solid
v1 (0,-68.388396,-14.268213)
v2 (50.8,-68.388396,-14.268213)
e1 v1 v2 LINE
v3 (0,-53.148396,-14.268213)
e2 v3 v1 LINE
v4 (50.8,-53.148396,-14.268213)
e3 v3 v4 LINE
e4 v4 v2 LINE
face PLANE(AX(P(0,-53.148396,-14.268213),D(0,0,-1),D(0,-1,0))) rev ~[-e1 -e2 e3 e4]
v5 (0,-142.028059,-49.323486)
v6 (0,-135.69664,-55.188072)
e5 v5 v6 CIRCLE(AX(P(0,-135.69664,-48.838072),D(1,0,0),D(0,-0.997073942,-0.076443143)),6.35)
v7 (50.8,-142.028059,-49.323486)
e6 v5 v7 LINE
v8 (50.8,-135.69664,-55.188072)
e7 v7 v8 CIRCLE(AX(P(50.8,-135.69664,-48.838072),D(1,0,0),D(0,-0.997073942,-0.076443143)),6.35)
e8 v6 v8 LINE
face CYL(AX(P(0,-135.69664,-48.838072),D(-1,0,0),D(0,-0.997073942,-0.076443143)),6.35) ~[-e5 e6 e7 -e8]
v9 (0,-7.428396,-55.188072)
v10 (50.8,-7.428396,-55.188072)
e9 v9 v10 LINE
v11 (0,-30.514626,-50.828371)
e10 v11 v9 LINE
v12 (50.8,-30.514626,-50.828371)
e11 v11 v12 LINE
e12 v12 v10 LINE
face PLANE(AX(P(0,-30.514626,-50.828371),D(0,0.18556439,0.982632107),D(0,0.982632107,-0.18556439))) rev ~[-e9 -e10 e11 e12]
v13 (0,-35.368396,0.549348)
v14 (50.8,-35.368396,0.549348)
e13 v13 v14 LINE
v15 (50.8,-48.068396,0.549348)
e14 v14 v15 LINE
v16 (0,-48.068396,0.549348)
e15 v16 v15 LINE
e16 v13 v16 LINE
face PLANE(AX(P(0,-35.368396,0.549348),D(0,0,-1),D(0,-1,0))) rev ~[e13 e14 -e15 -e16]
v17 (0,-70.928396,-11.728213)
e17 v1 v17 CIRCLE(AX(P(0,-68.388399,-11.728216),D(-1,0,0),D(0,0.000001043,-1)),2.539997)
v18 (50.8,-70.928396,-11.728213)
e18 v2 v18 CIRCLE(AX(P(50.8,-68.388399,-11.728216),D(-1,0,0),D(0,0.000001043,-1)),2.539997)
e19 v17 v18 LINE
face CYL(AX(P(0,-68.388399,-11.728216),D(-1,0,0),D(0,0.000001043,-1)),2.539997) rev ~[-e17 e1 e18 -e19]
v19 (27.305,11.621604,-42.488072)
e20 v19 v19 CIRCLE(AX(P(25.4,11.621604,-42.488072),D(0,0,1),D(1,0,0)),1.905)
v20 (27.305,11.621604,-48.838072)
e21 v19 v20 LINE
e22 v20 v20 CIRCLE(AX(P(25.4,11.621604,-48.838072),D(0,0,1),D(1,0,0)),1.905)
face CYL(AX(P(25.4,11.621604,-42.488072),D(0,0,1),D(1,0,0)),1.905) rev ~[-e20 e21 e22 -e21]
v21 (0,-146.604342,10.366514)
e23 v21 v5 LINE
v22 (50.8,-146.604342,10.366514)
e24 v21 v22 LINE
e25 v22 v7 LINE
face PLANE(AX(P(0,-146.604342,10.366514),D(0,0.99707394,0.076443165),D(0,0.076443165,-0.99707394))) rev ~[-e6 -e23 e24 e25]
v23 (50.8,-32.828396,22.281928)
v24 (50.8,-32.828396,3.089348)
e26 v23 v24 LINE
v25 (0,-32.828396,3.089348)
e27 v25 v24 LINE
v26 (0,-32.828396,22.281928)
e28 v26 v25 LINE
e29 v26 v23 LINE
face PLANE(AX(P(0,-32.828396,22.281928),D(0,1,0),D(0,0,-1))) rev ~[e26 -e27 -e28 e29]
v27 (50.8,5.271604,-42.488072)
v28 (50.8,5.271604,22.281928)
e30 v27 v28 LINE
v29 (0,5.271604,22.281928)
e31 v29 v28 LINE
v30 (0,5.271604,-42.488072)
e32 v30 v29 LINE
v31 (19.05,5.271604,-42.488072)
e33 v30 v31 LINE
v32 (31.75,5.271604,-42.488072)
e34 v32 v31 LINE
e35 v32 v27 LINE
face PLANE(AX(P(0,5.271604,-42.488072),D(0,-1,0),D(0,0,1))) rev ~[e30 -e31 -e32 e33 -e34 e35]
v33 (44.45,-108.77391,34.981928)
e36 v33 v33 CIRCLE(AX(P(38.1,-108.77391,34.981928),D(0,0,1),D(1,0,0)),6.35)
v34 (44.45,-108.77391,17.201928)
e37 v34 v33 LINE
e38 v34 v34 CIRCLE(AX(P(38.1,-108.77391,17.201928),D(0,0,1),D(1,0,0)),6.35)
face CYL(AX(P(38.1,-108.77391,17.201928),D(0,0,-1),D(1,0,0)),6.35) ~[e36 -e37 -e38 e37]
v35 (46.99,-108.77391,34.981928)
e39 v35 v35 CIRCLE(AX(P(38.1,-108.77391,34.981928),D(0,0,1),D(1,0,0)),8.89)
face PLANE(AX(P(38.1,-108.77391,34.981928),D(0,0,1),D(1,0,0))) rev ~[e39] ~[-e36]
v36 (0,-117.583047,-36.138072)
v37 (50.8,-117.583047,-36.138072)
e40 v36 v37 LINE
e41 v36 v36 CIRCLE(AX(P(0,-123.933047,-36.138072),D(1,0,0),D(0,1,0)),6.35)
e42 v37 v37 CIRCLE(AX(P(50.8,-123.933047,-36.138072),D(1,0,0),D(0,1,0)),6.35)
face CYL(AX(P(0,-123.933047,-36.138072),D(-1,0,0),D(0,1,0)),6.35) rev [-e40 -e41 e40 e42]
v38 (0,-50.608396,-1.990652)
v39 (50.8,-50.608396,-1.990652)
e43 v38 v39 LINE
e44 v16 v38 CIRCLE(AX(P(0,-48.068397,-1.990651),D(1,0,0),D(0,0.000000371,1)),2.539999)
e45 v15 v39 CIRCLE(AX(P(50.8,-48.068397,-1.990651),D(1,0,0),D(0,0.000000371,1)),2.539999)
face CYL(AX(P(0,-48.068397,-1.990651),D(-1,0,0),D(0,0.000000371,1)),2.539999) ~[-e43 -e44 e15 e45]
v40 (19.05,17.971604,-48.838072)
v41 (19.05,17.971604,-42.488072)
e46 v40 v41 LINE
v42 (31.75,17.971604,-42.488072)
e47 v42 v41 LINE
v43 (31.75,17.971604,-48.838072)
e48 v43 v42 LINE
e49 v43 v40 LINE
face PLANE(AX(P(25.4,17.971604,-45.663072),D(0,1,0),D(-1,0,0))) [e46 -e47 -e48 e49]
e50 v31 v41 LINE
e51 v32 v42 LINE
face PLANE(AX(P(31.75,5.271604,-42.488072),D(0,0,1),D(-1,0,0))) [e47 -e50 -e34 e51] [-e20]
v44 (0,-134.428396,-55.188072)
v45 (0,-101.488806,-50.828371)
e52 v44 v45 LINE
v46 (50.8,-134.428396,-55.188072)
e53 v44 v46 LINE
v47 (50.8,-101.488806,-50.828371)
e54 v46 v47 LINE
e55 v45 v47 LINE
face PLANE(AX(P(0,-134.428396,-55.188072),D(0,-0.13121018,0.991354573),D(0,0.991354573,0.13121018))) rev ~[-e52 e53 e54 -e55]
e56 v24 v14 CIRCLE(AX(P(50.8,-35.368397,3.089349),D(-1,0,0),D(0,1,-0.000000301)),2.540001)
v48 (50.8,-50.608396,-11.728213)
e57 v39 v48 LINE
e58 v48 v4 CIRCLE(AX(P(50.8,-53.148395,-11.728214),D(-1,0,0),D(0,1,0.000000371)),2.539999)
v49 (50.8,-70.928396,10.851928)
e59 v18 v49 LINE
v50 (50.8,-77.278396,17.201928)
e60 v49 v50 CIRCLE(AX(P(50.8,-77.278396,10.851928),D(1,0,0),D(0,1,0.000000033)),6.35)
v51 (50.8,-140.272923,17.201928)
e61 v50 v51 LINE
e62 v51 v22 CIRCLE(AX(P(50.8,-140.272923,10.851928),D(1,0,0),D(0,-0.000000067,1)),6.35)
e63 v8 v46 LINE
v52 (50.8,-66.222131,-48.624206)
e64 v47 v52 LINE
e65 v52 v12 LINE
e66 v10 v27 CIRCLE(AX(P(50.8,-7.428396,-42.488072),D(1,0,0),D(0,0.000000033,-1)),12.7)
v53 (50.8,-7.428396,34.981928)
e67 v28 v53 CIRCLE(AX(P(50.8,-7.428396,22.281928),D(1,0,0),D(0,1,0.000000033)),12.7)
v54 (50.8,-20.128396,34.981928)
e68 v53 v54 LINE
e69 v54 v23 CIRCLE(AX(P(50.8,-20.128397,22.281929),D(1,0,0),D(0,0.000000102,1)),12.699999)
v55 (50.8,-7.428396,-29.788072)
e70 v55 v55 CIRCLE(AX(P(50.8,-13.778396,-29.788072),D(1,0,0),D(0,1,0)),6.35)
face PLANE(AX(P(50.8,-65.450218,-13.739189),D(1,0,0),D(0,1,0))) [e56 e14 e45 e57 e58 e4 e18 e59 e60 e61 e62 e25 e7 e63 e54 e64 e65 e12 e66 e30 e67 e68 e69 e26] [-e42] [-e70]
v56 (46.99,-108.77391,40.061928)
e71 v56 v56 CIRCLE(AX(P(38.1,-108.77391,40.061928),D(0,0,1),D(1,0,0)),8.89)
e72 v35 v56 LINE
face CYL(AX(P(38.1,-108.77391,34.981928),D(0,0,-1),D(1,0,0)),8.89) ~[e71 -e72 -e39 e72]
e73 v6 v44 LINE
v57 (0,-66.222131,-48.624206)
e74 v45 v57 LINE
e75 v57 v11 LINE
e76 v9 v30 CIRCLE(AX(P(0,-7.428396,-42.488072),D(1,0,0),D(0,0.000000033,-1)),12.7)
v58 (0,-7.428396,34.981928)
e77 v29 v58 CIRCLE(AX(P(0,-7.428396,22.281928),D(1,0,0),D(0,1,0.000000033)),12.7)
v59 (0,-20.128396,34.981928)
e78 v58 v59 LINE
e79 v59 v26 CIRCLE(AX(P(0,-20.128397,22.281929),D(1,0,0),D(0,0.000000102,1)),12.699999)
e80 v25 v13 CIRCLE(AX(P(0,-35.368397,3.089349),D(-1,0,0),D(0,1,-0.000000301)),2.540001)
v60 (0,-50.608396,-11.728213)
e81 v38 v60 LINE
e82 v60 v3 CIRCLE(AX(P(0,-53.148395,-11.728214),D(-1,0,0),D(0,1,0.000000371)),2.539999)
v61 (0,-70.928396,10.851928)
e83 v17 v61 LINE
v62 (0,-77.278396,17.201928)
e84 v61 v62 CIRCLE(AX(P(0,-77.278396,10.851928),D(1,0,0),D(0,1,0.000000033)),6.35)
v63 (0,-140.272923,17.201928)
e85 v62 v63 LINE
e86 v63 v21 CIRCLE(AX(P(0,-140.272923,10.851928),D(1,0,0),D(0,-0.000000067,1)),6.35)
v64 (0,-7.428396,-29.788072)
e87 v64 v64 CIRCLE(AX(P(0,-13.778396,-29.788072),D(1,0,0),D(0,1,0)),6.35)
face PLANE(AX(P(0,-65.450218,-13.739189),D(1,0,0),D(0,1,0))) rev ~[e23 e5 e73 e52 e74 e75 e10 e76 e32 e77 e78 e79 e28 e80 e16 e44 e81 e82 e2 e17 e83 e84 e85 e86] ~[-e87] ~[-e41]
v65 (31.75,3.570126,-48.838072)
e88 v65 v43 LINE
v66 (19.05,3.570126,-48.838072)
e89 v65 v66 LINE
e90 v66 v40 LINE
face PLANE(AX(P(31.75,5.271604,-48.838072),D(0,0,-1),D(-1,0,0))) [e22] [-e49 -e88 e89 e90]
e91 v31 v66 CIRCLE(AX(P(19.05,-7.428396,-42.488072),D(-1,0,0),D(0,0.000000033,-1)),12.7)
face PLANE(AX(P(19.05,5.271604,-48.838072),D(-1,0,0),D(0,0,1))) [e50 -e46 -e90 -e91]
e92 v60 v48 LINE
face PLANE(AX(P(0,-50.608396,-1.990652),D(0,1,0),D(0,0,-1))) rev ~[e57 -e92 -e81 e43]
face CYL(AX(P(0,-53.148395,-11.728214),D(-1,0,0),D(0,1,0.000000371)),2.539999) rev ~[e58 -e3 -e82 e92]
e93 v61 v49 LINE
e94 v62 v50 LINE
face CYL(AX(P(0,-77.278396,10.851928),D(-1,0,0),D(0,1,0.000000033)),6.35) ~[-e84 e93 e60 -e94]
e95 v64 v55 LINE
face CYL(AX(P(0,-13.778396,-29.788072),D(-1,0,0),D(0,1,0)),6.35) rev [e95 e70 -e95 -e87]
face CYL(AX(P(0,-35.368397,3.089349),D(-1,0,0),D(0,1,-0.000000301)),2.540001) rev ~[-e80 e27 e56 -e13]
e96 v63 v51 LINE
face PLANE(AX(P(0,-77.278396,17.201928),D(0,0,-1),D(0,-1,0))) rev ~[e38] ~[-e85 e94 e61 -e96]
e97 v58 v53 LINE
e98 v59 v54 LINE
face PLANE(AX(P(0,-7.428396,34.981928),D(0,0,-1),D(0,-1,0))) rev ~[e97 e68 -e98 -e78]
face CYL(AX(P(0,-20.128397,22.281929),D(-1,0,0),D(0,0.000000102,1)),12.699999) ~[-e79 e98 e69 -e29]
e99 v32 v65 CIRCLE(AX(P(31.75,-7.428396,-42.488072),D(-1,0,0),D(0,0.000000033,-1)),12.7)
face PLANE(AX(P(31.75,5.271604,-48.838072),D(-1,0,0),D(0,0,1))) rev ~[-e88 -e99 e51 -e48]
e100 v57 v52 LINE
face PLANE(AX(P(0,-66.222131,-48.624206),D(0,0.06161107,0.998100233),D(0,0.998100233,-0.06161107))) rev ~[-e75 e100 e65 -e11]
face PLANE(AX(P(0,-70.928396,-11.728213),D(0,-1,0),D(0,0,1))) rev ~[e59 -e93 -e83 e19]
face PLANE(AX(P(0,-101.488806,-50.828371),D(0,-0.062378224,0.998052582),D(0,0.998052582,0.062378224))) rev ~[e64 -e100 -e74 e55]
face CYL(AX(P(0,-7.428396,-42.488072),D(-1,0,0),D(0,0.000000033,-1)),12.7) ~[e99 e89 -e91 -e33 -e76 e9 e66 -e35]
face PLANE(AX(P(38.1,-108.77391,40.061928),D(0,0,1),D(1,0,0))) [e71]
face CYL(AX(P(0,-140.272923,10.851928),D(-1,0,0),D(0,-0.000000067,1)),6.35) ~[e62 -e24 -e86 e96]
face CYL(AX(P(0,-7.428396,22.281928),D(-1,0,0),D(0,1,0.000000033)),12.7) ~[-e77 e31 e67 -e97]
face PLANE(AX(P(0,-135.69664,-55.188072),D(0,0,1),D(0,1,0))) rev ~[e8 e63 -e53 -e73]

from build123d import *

# Parameters (mm, degrees)
F0_R          = 6.35
F1_DEPTH      = 50.8
F2_R          = 6.35
F3_DEPTH      = 17.78
F4_R          = 8.89
F4_R_2        = 6.35
F5_DEPTH      = 5.08
F6_W          = 12.7
F6_H          = 6.35
F7_DEPTH      = 12.7
F7_DEPTH_BACK = 25.4
F8_R          = 1.905
F9_DEPTH      = 12.7


with BuildPart() as f1:
    # F0 (on Right) → F1 (new body)
    with BuildSketch(Plane.YZ):
        with BuildLine():
            Line((-7.428396, 34.981928), (-20.128396, 34.981928))
            ThreePointArc((-20.128396, 34.981928), (-29.108653, 31.262184), (-32.828396, 22.281928))
            Line((-32.828396, 22.281928), (-32.828396, 3.089348))
            ThreePointArc((-32.828396, 3.089348), (-33.572345, 1.293297), (-35.368396, 0.549348))
            Line((-35.368396, 0.549348), (-48.068396, 0.549348))
            ThreePointArc((-48.068396, 0.549348), (-49.864448, -0.194601), (-50.608396, -1.990652))
            Line((-50.608396, -1.990652), (-50.608396, -11.728213))
            ThreePointArc((-50.608396, -11.728213), (-51.352345, -13.524265), (-53.148396, -14.268213))
            Line((-53.148396, -14.268213), (-68.388396, -14.268213))
            ThreePointArc((-68.388396, -14.268213), (-70.184448, -13.524265), (-70.928396, -11.728213))
            Line((-70.928396, -11.728213), (-70.928396, 10.851928))
            ThreePointArc((-70.928396, 10.851928), (-72.788268, 15.342056), (-77.278396, 17.201928))
            Line((-77.278396, 17.201928), (-139.508396, 17.201928))
            Line((-139.508396, 17.201928), (-140.272923, 17.201928))
            ThreePointArc((-140.272923, 17.201928), (-144.931511, 15.167024), (-146.604342, 10.366514))
            Line((-146.604342, 10.366514), (-142.028059, -49.323486))
            ThreePointArc((-142.028059, -49.323486), (-140.011736, -53.49666), (-135.69664, -55.188072))
            Line((-135.69664, -55.188072), (-134.428396, -55.188072))
            Line((-134.428396, -55.188072), (-101.488806, -50.828371))
            Line((-101.488806, -50.828371), (-66.222131, -48.624206))
            Line((-66.222131, -48.624206), (-30.514626, -50.828371))
            Line((-30.514626, -50.828371), (-7.428396, -55.188072))
            ThreePointArc((-7.428396, -55.188072), (1.55186, -51.468328), (5.271604, -42.488072))
            Line((5.271604, -42.488072), (5.271604, 22.281928))
            ThreePointArc((5.271604, 22.281928), (1.55186, 31.262184), (-7.428396, 34.981928))
        make_face()
        with Locations((-123.933047, -36.138072)):
            Circle(F0_R, mode=Mode.SUBTRACT)
        with Locations((-13.778396, -29.788072)):
            Circle(F0_R, mode=Mode.SUBTRACT)
    extrude(amount=F1_DEPTH)

    # F2 (on face) → F3 (join)
    with BuildSketch(Plane.XY.offset(17.201928)):
        with Locations((38.1, -108.77391)):
            Circle(F2_R)
    extrude(amount=F3_DEPTH)

    # F4 (on face) → F5 (join)
    with BuildSketch(Plane.XY.offset(34.981928)):
        with Locations((38.1, -108.77391)):
            Circle(F4_R)
        with Locations((38.1, -108.77391)):
            Circle(F4_R_2, mode=Mode.SUBTRACT)
        with Locations((38.1, -108.77391)):
            Circle(F4_R_2)
    extrude(amount=F5_DEPTH)

    # F6 (on face) → F7 (join, two sides)
    with BuildSketch(Plane(origin=(0, 5.271604, 0), x_dir=(-1, 0, 0), z_dir=(0, 1, 0))) as f7_sk:
        with Locations((-25.4, -45.663072)):
            Rectangle(F6_W, F6_H)
    extrude(amount=F7_DEPTH)
    extrude(f7_sk.sketch, amount=-F7_DEPTH_BACK)

    # F8 (on face) → F9 (cut)
    with BuildSketch(Plane.XY.offset(-42.488072)):
        with Locations((25.4, 11.621604)):
            Circle(F8_R)
    extrude(amount=-F9_DEPTH, mode=Mode.SUBTRACT)


solid = f1.part
